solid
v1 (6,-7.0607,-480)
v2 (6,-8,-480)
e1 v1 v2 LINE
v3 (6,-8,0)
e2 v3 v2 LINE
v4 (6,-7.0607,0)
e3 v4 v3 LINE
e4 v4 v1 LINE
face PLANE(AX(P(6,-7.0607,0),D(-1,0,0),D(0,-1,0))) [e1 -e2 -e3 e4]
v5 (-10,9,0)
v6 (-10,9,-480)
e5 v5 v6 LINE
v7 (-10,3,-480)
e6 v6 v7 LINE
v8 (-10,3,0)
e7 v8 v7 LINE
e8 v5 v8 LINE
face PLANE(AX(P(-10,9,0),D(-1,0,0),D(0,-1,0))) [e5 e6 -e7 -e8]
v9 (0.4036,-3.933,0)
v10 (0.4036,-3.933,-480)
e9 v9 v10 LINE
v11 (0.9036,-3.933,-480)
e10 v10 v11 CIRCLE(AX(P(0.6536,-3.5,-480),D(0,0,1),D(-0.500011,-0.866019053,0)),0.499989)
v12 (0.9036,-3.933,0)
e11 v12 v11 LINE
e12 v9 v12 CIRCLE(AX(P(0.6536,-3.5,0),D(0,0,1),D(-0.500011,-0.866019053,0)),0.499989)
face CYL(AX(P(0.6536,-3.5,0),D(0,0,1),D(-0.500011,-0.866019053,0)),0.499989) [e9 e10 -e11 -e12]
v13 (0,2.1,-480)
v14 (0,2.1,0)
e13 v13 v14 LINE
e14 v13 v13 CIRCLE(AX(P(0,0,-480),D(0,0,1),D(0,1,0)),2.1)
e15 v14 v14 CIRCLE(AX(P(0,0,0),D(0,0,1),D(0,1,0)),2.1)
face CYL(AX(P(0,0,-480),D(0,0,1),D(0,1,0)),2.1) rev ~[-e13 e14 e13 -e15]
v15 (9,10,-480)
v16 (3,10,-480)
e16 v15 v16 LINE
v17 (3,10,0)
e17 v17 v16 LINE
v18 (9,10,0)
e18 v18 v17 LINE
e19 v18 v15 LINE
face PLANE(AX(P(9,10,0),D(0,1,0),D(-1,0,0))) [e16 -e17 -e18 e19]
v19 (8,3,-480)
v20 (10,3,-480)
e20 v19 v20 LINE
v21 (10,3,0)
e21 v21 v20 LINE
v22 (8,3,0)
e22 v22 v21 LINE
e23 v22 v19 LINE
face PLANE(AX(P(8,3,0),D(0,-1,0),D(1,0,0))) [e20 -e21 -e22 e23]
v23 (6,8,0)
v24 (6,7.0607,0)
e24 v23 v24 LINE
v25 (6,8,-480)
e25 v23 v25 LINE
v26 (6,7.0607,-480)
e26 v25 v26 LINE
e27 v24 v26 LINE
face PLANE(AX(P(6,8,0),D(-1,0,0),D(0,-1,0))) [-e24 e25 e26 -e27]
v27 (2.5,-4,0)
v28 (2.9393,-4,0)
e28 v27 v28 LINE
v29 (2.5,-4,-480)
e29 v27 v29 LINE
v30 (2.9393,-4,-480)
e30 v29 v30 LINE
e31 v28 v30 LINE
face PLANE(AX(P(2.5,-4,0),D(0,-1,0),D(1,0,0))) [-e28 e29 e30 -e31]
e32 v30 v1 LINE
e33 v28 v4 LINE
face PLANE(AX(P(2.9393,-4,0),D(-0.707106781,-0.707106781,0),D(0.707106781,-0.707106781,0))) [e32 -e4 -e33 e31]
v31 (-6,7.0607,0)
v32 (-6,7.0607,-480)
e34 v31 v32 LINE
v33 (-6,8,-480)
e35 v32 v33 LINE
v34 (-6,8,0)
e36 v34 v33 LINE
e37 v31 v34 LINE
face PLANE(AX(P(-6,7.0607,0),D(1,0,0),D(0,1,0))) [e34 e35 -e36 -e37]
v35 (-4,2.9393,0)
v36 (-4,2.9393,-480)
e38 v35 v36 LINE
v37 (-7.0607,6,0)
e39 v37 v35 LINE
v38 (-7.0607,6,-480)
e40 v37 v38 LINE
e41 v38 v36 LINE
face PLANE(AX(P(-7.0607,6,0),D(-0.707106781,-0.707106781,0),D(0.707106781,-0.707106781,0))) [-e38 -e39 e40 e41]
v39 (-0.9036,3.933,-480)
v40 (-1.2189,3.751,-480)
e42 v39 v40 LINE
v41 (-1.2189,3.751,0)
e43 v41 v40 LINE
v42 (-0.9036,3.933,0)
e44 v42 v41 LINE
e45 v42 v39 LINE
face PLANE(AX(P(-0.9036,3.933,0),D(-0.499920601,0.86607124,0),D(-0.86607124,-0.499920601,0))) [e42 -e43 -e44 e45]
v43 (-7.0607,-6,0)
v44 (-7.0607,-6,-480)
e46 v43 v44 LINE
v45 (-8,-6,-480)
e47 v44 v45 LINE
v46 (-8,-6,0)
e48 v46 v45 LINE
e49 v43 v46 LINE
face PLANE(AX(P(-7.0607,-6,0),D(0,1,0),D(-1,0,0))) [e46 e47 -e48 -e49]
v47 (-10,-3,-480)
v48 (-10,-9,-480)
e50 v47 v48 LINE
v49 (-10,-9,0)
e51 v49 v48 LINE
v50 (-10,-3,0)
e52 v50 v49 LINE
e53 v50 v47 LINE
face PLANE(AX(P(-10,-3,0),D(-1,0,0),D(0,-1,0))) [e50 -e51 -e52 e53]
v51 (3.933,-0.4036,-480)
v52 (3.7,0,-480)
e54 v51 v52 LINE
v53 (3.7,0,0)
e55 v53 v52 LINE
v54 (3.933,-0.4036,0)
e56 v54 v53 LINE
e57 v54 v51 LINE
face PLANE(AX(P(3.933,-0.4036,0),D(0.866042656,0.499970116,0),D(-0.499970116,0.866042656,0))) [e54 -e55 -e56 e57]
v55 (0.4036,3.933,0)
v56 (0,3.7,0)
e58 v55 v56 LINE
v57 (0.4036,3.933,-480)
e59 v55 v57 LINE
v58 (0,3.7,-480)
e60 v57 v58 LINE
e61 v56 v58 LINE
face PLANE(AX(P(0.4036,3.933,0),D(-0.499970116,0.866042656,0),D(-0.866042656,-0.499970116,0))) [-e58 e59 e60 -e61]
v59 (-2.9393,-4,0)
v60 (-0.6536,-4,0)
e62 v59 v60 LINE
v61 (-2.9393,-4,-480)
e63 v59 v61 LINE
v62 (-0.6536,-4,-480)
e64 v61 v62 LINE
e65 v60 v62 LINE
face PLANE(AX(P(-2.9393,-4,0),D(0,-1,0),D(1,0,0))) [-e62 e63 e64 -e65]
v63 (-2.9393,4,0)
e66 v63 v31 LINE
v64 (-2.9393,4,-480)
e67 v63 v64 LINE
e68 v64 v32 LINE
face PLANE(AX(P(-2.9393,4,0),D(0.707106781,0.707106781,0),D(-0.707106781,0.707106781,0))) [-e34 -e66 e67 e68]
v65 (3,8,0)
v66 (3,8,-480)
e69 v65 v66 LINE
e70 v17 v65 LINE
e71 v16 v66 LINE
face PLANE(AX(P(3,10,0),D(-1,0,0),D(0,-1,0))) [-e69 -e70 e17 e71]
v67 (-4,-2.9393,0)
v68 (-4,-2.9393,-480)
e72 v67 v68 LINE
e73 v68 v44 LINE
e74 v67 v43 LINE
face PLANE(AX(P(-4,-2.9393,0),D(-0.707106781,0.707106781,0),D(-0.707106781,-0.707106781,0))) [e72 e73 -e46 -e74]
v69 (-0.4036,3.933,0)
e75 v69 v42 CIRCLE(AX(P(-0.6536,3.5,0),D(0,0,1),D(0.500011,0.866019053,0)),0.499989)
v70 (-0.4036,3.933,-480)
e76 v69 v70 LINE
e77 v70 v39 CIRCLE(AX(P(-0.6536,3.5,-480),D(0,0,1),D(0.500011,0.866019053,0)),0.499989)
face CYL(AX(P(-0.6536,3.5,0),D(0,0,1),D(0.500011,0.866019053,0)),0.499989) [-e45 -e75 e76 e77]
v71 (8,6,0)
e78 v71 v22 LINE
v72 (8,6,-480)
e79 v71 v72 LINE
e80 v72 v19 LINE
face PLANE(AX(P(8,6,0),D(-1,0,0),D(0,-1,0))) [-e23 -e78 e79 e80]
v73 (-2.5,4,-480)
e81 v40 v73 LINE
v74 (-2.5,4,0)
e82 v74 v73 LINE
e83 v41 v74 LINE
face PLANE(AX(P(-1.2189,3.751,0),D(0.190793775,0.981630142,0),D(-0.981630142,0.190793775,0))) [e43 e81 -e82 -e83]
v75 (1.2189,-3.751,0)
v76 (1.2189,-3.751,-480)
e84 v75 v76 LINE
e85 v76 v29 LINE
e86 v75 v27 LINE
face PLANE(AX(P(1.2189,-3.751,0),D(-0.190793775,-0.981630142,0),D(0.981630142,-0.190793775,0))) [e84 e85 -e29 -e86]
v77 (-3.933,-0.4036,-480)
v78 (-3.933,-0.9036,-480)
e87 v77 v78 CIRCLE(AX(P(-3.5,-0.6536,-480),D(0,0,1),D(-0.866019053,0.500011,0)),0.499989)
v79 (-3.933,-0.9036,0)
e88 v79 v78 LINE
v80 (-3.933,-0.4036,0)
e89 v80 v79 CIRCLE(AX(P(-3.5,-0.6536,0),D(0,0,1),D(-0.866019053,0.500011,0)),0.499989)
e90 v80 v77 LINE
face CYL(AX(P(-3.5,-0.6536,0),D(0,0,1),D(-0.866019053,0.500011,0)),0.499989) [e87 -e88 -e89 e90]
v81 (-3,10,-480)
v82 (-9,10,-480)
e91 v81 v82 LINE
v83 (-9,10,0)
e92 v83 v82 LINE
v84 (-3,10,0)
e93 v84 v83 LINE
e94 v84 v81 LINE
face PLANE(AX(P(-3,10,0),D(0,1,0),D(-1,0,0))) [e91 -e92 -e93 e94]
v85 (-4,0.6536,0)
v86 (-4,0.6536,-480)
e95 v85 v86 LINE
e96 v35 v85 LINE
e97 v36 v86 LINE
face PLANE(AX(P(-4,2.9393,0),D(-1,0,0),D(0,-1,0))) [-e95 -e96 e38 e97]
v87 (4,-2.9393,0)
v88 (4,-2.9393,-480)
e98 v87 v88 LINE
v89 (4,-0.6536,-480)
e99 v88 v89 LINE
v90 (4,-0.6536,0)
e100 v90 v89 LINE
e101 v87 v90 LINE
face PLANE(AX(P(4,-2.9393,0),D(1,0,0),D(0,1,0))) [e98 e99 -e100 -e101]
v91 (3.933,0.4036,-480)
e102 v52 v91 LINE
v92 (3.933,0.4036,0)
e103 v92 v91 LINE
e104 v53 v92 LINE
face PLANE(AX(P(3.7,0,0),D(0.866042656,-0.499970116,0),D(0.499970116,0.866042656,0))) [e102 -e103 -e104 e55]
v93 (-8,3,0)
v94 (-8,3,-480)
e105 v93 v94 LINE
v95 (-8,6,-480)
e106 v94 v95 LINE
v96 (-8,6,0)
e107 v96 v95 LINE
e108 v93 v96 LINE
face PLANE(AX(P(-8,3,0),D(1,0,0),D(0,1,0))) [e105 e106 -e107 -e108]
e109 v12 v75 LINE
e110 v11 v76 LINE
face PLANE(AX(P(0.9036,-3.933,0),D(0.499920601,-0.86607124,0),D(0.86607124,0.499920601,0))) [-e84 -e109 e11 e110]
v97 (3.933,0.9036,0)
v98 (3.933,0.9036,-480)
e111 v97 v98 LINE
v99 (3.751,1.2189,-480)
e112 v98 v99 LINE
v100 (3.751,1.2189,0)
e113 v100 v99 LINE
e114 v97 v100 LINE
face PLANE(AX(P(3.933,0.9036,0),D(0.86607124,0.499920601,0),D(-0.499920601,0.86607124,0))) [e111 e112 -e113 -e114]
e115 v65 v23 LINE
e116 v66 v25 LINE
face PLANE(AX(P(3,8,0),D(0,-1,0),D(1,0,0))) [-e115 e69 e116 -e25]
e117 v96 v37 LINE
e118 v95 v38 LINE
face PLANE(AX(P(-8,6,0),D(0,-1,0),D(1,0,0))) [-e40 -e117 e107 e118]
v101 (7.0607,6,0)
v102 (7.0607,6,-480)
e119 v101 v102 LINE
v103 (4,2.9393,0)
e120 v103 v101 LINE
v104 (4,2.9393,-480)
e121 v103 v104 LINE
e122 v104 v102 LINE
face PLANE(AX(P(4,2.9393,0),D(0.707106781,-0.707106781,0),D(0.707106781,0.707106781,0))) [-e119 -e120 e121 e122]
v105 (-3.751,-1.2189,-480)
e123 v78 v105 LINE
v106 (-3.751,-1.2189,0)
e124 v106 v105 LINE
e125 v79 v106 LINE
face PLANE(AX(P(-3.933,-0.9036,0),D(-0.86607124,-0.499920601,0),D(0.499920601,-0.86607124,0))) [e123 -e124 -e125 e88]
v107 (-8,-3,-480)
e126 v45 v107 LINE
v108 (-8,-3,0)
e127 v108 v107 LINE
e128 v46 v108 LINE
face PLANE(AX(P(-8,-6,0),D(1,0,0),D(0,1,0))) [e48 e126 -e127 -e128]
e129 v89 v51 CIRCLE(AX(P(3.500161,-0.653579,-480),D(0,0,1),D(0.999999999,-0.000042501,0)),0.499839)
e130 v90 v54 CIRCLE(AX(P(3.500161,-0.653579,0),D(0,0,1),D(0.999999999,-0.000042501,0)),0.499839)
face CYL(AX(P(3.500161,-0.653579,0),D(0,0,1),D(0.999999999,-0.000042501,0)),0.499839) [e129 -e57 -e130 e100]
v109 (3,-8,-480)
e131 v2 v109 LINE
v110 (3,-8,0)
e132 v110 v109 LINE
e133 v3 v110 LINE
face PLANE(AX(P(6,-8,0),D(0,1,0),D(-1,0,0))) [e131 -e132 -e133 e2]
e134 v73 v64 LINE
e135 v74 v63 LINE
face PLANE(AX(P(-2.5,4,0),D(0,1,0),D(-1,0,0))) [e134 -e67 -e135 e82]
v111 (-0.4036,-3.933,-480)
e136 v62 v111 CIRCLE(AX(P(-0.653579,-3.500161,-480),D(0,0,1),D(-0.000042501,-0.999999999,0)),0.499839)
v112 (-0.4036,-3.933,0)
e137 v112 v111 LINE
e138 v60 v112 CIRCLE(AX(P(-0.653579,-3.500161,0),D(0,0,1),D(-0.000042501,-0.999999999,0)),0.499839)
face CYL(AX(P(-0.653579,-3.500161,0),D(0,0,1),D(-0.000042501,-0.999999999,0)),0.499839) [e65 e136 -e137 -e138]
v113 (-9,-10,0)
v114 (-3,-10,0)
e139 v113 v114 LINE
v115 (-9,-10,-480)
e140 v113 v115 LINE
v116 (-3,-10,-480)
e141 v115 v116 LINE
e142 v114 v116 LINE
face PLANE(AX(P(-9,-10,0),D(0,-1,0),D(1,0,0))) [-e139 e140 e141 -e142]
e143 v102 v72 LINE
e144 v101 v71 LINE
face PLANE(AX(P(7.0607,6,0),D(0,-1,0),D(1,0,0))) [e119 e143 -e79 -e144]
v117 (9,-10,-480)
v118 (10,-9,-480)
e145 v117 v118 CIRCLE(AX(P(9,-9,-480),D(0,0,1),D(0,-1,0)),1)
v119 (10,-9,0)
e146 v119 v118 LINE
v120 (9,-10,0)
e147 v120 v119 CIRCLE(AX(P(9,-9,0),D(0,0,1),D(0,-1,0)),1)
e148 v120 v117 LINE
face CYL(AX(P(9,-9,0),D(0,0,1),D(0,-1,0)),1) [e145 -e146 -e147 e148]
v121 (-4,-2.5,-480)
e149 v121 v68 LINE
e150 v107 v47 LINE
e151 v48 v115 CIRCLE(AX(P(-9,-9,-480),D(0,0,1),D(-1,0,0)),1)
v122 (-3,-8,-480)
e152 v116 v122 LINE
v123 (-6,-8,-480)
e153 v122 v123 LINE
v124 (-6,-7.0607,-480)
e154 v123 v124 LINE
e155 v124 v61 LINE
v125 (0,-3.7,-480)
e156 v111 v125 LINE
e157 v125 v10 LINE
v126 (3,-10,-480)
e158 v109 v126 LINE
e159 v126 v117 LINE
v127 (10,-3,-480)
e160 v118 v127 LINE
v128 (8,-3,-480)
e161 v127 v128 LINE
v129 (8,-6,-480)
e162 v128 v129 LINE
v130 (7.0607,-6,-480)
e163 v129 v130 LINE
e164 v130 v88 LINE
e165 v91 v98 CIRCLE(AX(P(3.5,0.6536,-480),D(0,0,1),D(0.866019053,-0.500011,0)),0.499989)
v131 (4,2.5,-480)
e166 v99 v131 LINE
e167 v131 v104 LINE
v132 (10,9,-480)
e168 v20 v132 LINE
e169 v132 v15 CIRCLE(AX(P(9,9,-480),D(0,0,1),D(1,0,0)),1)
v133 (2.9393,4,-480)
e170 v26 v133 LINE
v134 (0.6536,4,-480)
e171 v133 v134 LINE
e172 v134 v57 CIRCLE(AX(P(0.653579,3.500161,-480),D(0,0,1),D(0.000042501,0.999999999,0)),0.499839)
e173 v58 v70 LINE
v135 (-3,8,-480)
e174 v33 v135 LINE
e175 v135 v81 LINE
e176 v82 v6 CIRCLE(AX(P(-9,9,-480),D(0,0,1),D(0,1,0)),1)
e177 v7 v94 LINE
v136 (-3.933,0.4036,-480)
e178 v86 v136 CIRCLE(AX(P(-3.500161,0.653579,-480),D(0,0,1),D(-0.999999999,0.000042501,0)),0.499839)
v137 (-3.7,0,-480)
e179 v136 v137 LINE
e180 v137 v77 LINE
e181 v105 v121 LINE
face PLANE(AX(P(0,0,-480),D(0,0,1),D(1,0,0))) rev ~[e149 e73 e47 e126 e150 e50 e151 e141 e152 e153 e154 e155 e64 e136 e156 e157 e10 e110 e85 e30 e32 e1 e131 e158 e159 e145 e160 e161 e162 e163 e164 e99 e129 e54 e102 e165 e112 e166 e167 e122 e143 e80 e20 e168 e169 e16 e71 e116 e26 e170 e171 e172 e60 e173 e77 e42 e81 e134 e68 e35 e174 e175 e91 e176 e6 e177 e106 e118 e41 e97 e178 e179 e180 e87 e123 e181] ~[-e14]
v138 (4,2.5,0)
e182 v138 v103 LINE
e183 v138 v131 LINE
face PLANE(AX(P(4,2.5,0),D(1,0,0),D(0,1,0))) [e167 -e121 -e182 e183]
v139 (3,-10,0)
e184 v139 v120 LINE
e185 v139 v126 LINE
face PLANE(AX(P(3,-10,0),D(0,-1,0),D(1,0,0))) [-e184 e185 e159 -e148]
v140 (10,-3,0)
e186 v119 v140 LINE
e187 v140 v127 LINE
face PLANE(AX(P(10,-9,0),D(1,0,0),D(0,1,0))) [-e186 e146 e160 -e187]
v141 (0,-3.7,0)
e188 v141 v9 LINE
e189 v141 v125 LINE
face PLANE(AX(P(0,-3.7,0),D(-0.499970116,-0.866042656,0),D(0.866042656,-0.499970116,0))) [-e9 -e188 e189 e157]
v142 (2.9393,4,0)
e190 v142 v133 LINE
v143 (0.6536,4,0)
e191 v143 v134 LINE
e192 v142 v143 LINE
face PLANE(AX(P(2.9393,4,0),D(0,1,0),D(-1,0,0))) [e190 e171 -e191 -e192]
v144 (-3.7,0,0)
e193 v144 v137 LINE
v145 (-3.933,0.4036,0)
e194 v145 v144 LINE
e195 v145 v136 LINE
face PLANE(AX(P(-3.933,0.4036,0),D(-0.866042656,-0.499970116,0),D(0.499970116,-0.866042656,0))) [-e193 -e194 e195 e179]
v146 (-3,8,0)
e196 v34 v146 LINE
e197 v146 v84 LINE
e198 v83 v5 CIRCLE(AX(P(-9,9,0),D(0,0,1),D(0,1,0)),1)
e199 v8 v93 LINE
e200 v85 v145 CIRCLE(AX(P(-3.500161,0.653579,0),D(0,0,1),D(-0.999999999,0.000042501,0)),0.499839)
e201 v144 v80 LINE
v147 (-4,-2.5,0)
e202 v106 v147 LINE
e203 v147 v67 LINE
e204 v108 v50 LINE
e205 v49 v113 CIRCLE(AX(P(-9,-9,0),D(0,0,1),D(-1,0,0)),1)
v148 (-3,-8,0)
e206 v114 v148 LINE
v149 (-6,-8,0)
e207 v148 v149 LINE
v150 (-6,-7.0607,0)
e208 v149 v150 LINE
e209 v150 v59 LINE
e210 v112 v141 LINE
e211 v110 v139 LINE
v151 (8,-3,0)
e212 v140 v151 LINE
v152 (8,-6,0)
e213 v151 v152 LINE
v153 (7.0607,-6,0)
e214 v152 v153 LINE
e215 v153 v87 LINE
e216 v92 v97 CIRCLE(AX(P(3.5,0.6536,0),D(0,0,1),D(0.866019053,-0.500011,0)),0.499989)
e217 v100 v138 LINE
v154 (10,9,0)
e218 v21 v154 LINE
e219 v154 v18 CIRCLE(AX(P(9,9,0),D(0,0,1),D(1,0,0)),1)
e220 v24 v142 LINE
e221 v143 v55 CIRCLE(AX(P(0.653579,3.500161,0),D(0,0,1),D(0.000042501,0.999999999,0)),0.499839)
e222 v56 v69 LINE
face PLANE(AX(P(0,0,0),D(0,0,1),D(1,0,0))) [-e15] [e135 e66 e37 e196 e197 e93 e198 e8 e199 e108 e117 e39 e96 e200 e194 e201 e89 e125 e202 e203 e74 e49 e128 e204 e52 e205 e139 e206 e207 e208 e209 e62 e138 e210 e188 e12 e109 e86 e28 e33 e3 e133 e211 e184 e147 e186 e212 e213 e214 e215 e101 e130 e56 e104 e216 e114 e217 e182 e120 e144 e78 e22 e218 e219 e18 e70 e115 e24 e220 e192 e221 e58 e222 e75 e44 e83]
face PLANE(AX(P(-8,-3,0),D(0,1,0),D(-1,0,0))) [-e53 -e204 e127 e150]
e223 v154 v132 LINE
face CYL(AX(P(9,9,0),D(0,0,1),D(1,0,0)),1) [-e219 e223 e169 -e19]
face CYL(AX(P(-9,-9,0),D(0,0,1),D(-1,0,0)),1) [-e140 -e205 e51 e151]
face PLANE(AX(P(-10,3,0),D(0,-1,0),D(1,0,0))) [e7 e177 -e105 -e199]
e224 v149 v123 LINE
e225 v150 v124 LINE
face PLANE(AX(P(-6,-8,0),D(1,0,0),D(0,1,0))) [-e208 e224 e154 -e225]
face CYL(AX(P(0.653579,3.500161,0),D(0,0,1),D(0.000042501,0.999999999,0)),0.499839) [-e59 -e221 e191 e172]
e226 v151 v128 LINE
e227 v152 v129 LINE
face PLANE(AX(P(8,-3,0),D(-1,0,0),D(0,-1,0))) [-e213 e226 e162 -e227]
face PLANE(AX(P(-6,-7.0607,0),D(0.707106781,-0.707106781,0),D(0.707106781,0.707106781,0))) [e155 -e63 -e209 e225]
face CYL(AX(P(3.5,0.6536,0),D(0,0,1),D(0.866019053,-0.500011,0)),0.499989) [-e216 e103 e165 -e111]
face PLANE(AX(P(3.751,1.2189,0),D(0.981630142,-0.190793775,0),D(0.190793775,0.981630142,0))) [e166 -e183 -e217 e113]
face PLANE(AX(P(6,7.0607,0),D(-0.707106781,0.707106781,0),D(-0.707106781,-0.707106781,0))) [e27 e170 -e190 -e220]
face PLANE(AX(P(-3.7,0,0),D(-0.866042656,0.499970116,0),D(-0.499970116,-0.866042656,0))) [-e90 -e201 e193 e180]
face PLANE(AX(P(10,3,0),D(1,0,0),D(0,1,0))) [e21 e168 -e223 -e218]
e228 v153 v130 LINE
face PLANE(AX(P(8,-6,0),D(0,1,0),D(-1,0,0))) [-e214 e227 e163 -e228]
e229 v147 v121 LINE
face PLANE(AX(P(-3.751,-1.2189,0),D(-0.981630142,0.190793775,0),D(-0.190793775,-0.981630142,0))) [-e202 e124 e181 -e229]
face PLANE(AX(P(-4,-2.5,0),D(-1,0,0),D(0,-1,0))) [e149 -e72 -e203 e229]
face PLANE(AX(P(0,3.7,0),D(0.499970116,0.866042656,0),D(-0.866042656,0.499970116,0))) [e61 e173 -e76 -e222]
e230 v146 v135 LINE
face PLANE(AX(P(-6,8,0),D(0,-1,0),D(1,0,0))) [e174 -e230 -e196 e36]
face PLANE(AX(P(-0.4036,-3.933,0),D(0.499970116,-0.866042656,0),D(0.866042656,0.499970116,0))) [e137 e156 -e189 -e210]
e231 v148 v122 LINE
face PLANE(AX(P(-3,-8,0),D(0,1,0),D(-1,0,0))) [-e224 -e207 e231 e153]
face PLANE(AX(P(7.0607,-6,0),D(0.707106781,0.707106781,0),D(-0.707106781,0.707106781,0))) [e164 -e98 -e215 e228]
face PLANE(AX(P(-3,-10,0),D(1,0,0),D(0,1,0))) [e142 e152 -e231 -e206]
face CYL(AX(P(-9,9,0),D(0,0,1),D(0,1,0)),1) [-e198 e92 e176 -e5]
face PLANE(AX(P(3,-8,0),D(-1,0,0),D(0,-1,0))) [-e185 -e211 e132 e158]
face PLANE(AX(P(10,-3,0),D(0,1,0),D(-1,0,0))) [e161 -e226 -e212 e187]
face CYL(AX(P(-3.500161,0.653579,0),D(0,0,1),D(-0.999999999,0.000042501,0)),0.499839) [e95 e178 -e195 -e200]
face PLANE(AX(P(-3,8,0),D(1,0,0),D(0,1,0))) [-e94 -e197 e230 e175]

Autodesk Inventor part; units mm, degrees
sketch "Sketch_75" plane through (0, 0, 0) normal (0, 0, 1) x (1, 0, 0)
  line L0 (-10, -3) -> (-10, -9)
  arc A0 (-10, -9) -> (-9, -10) centre (-9, -9) ccw
  line L1 (-9, -10) -> (-3, -10)
  line L2 (-3, -10) -> (-3, -8)
  line L3 (-3, -8) -> (-6, -8)
  line L4 (-6, -8) -> (-6, -7.0607)
  line L5 (-6, -7.0607) -> (-2.9393, -4)
  line L6 (-2.9393, -4) -> (-0.6536, -4)
  arc A1 (-0.6536, -4) -> (-0.4036, -3.933) centre (-0.6536, -3.5) ccw
  line L7 (-0.4036, -3.933) -> (0, -3.7)
  line L8 (0, -3.7) -> (0.4036, -3.933)
  arc A2 (0.4036, -3.933) -> (0.9036, -3.933) centre (0.6536, -3.5) ccw
  line L9 (0.9036, -3.933) -> (1.2189, -3.751)
  line L10 (1.2189, -3.751) -> (2.5, -4)
  line L11 (2.5, -4) -> (2.9393, -4)
  line L12 (2.9393, -4) -> (6, -7.0607)
  line L13 (6, -7.0607) -> (6, -8)
  line L14 (6, -8) -> (3, -8)
  line L15 (3, -8) -> (3, -10)
  line L16 (3, -10) -> (9, -10)
  arc A3 (9, -10) -> (10, -9) centre (9, -9) ccw
  line L17 (10, -9) -> (10, -3)
  line L18 (10, -3) -> (8, -3)
  line L19 (8, -3) -> (8, -6)
  line L20 (8, -6) -> (7.0607, -6)
  line L21 (7.0607, -6) -> (4, -2.9393)
  line L22 (4, -2.9393) -> (4, -0.6536)
  arc A4 (4, -0.6536) -> (3.933, -0.4036) centre (3.5, -0.6536) ccw
  line L23 (3.933, -0.4036) -> (3.7, 0)
  line L24 (3.7, 0) -> (3.933, 0.4036)
  arc A5 (3.933, 0.4036) -> (3.933, 0.9036) centre (3.5, 0.6536) ccw
  line L25 (3.933, 0.9036) -> (3.751, 1.2189)
  line L26 (3.751, 1.2189) -> (4, 2.5)
  line L27 (4, 2.5) -> (4, 2.9393)
  line L28 (4, 2.9393) -> (7.0607, 6)
  line L29 (7.0607, 6) -> (8, 6)
  line L30 (8, 6) -> (8, 3)
  line L31 (8, 3) -> (10, 3)
  line L32 (10, 3) -> (10, 9)
  arc A6 (10, 9) -> (9, 10) centre (9, 9) ccw
  line L33 (9, 10) -> (3, 10)
  line L34 (3, 10) -> (3, 8)
  line L35 (3, 8) -> (6, 8)
  line L36 (6, 8) -> (6, 7.0607)
  line L37 (6, 7.0607) -> (2.9393, 4)
  line L38 (2.9393, 4) -> (0.6536, 4)
  arc A7 (0.6536, 4) -> (0.4036, 3.933) centre (0.6536, 3.5) ccw
  line L39 (0.4036, 3.933) -> (0, 3.7)
  line L40 (0, 3.7) -> (-0.4036, 3.933)
  arc A8 (-0.4036, 3.933) -> (-0.9036, 3.933) centre (-0.6536, 3.5) ccw
  line L41 (-0.9036, 3.933) -> (-1.2189, 3.751)
  line L42 (-1.2189, 3.751) -> (-2.5, 4)
  line L43 (-2.5, 4) -> (-2.9393, 4)
  line L44 (-2.9393, 4) -> (-6, 7.0607)
  line L45 (-6, 7.0607) -> (-6, 8)
  line L46 (-6, 8) -> (-3, 8)
  line L47 (-3, 8) -> (-3, 10)
  line L48 (-3, 10) -> (-9, 10)
  arc A9 (-9, 10) -> (-10, 9) centre (-9, 9) ccw
  line L49 (-10, 9) -> (-10, 3)
  line L50 (-10, 3) -> (-8, 3)
  line L51 (-8, 3) -> (-8, 6)
  line L52 (-8, 6) -> (-7.0607, 6)
  line L53 (-7.0607, 6) -> (-4, 2.9393)
  line L54 (-4, 2.9393) -> (-4, 0.6536)
  arc A10 (-4, 0.6536) -> (-3.933, 0.4036) centre (-3.5, 0.6536) ccw
  line L55 (-3.933, 0.4036) -> (-3.7, 0)
  line L56 (-3.7, 0) -> (-3.933, -0.4036)
  arc A11 (-3.933, -0.4036) -> (-3.933, -0.9036) centre (-3.5, -0.6536) ccw
  line L57 (-3.933, -0.9036) -> (-3.751, -1.2189)
  line L58 (-3.751, -1.2189) -> (-4, -2.5)
  line L59 (-4, -2.5) -> (-4, -2.9393)
  line L60 (-4, -2.9393) -> (-7.0607, -6)
  line L61 (-7.0607, -6) -> (-8, -6)
  line L62 (-8, -6) -> (-8, -3)
  line L63 (-8, -3) -> (-10, -3)
extrude "Extrusion1" add sketch "Sketch_75" against normal blind 480
sketch "Sketch2" plane through (0, 0, -480) normal (0, 0, -1) x (-1, 0, 0)
  point P0 (0, 0)
hole "Hole1" at (0, 0, -480) direction (0, 0, 1) diameter 4.2 depth 480
ref_plane "C1_XY" through (0, 0, 0) normal (0, 0, 1) x (1, 0, 0)
ref_plane "C1_YZ" through (0, 0, 0) normal (1, 0, 0) x (0, 1, 0)
ref_plane "C1_ZX" through (0, 0, 0) normal (0, 1, 0) x (0, 0, 1)
properties part number "NFS5-2020-480" material "アルミニウム 6061"
